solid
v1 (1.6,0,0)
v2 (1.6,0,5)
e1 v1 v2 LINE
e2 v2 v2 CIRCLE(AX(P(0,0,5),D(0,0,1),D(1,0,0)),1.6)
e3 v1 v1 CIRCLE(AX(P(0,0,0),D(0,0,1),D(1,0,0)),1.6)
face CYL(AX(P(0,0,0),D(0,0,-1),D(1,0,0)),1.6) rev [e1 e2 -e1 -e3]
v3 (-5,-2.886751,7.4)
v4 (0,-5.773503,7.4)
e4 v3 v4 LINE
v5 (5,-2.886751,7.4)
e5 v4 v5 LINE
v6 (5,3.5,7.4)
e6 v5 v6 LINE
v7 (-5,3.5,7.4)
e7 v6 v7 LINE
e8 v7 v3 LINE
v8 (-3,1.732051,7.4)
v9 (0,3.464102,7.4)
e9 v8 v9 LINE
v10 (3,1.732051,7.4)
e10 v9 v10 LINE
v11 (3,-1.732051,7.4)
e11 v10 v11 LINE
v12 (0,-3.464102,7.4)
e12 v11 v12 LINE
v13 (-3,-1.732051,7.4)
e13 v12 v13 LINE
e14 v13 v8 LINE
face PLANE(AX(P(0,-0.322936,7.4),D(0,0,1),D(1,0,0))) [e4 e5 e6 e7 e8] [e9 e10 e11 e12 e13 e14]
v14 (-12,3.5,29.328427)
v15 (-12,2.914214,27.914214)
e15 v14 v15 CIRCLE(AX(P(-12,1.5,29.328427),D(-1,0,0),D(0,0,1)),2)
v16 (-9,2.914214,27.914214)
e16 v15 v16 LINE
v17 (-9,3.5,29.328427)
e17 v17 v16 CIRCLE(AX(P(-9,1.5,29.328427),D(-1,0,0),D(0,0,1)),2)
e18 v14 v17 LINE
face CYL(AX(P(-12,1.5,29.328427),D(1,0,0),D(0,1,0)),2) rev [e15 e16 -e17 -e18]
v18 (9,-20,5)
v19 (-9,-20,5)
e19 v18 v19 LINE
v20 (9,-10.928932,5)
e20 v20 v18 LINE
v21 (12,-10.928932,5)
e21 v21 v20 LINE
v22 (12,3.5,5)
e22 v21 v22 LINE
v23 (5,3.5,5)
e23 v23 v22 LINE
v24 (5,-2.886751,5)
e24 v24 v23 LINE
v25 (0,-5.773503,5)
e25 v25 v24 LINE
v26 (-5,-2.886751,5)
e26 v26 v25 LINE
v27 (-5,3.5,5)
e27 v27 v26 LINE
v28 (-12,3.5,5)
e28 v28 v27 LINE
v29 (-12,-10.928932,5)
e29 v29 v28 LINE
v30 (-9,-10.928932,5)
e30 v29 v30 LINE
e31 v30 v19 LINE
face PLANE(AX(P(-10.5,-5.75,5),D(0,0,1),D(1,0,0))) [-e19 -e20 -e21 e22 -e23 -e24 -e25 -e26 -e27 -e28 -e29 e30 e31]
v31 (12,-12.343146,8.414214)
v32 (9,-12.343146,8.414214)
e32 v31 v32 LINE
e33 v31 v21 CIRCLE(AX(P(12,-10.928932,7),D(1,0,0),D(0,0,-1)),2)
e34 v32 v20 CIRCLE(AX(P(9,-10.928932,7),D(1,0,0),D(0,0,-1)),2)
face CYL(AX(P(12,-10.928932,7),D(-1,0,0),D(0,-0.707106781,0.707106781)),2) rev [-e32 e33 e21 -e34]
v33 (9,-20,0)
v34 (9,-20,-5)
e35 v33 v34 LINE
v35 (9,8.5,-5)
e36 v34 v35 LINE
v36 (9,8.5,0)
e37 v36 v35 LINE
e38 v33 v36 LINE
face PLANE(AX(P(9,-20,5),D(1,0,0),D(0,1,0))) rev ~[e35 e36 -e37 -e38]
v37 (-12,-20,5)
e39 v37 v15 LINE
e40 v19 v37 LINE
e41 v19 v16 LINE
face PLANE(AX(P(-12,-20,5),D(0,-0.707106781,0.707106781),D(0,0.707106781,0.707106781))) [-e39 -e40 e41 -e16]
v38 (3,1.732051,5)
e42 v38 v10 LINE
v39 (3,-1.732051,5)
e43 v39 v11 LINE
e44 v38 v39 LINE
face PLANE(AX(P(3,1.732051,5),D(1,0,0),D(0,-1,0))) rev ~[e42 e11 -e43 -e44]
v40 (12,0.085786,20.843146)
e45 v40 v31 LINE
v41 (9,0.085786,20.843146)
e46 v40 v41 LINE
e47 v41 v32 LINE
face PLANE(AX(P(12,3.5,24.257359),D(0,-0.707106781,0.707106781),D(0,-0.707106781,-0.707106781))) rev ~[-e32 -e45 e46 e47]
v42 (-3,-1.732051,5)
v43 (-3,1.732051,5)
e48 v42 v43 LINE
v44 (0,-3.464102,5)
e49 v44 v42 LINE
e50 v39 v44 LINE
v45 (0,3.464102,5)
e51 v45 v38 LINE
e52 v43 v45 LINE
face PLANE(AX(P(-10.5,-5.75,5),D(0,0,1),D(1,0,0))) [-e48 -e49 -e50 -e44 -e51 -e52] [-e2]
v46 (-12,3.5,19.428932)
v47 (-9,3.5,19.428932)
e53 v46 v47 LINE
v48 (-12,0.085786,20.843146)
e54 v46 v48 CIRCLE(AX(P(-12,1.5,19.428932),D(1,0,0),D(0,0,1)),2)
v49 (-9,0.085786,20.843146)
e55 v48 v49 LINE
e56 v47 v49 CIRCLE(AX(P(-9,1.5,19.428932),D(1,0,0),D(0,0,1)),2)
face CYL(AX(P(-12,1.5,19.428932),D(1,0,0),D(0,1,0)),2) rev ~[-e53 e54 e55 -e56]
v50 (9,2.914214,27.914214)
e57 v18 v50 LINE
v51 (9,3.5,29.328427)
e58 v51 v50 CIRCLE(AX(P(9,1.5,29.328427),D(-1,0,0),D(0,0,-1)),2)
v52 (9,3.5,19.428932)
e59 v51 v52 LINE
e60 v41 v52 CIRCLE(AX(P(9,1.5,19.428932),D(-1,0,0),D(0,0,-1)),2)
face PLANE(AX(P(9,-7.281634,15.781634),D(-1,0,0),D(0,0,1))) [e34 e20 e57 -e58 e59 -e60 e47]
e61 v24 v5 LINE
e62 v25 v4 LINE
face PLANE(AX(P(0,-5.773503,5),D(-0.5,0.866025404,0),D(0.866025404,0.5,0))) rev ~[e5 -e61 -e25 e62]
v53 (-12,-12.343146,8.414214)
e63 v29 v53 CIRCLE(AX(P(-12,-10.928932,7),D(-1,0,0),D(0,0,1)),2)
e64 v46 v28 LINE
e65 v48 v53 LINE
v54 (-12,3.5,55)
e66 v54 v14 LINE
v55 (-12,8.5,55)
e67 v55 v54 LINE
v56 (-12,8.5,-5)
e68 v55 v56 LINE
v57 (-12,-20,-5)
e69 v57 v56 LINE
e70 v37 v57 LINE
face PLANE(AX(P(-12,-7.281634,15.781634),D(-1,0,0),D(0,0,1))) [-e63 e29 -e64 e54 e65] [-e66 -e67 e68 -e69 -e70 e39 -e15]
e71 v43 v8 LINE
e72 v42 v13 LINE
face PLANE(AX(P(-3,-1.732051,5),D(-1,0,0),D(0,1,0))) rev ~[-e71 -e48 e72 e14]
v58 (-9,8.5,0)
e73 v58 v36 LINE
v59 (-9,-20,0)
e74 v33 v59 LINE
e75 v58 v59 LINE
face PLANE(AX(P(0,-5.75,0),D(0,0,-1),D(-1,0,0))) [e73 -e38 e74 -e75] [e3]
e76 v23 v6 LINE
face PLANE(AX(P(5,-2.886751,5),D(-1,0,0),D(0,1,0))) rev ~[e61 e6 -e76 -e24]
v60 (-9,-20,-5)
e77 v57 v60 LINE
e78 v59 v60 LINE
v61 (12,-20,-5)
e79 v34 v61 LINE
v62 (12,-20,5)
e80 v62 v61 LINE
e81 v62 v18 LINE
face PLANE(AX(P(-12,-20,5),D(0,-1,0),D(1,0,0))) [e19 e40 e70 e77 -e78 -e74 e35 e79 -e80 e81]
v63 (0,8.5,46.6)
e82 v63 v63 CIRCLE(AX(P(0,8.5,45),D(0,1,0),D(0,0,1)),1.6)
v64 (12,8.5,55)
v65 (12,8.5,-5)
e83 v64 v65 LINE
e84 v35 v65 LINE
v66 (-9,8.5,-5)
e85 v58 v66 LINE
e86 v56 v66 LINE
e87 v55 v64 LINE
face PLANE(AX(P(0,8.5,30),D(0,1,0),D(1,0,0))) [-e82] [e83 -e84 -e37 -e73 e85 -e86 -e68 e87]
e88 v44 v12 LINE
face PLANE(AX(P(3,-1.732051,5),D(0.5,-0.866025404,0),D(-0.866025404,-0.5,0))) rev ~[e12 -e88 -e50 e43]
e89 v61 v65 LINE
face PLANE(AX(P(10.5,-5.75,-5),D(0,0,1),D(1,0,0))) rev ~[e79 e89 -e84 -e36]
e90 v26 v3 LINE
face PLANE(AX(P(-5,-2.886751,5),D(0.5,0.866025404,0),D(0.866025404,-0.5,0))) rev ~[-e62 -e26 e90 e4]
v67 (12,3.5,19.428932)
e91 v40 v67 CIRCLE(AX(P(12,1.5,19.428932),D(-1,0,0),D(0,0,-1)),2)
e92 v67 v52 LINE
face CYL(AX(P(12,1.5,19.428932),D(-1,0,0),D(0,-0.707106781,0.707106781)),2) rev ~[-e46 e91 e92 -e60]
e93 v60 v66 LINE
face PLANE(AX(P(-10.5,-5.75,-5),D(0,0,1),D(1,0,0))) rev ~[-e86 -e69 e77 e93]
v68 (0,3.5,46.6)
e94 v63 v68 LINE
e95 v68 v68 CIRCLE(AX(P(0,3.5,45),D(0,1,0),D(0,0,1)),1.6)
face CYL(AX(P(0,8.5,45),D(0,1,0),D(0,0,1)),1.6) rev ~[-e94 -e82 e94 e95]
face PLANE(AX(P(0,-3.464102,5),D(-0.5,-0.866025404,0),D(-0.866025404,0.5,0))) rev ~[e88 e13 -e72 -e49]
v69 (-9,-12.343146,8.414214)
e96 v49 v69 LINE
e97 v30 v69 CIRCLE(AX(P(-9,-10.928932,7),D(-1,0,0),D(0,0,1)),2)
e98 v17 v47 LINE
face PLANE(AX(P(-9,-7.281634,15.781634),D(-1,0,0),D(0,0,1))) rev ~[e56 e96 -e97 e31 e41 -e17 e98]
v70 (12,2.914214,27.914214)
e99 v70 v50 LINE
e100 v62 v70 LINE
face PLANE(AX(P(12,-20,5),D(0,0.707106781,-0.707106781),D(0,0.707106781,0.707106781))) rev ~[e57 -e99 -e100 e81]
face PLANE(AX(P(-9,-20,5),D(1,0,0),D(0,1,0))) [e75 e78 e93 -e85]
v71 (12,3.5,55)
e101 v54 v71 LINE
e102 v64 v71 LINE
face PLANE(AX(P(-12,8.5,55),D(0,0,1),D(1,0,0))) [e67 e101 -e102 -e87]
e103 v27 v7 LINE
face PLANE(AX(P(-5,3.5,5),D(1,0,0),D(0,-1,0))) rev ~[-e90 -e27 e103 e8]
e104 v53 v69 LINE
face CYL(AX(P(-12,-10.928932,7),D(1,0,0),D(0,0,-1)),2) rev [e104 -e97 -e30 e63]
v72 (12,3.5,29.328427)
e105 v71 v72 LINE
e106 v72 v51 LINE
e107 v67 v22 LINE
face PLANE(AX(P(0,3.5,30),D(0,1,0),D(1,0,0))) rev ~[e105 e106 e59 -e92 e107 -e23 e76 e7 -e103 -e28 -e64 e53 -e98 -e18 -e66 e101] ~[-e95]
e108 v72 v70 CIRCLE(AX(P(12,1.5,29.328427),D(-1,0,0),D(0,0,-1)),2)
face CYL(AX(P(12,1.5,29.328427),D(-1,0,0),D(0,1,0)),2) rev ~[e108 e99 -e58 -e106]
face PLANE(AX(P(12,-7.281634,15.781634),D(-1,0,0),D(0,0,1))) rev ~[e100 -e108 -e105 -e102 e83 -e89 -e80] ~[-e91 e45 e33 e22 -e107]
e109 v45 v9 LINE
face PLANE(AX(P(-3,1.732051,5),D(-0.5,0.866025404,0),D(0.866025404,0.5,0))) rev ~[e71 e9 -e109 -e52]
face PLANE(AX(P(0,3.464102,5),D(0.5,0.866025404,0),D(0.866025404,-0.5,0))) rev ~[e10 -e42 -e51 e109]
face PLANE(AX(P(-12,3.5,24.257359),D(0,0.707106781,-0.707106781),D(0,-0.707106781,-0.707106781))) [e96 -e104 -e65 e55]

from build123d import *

# Parameters (mm, degrees)
SKETCH1_R           = 1.6
BOSS_EXTRUDE1_DEPTH = 5
SKETCH2_W           = 3
SKETCH2_H           = 28.5
BOSS_EXTRUDE2_DEPTH = 10
SKETCH3_W           = 24
SKETCH3_H           = 50
SKETCH3_R           = 1.6
BOSS_EXTRUDE3_DEPTH = 5
BOSS_EXTRUDE4_DEPTH = 3
BOSS_EXTRUDE5_START = -24
BOSS_EXTRUDE5_DEPTH = 3
BOSS_EXTRUDE6_DEPTH = 2.4
FILLET1_R           = 2


with BuildPart() as part:
    # Sketch1 → Boss-Extrude1 (new body)
    with BuildSketch(Plane.XY):
        Polygon((-9, -8.5), (-9, 8.5), (9, 8.5), (9, -8.5), (9, -20), (-9, -20), align=None)
        Circle(SKETCH1_R, mode=Mode.SUBTRACT)
    extrude(amount=BOSS_EXTRUDE1_DEPTH)

    # Sketch2 → Boss-Extrude2 (add)
    with BuildSketch(Plane.XY.offset(5)):
        with Locations((-10.5, -5.75)):
            Rectangle(SKETCH2_W, SKETCH2_H)
        with Locations((10.5, -5.75)):
            Rectangle(SKETCH2_W, SKETCH2_H)
    extrude(amount=-BOSS_EXTRUDE2_DEPTH)

    # Sketch3 → Boss-Extrude3 (add)
    with BuildSketch(Plane(origin=(0, 8.5, 0), x_dir=(1, 0, 0), z_dir=(0, 1, 0))):
        with Locations((0, -30)):
            Rectangle(SKETCH3_W, SKETCH3_H)
        with Locations(Location((0, -45, 0), (0, 0, 270))):
            Circle(SKETCH3_R, mode=Mode.SUBTRACT)
    extrude(amount=-BOSS_EXTRUDE3_DEPTH)

    # Sketch4 → Boss-Extrude4 (add)
    with BuildSketch(Plane.ZY.offset(12)):
        Polygon((28.5, 3.5), (24.257359313, 3.5), (5, -15.757359313), (5, -20), align=None)
    extrude(amount=-BOSS_EXTRUDE4_DEPTH)

    # Sketch4<3> → Boss-Extrude5 (add)
    with BuildSketch(Plane.ZY.offset(12).offset(BOSS_EXTRUDE5_START)):
        Polygon((28.5, 3.5), (24.257359313, 3.5), (5, -15.757359313), (5, -20), align=None)
    extrude(amount=BOSS_EXTRUDE5_DEPTH)

    # Sketch5 → Boss-Extrude6 (add)
    with BuildSketch(Plane.XY.offset(5)):
        Polygon((-5, 3.5), (-5, 2.886751346), (-5, -2.886751346), (0, -5.773502692), (5, -2.886751346), (5, 2.886751346), (5, 3.5), align=None)
        Polygon((3, -1.732050808), (0, -3.464101615), (-3, -1.732050808), (-3, 1.732050808), (0, 3.464101615), (3, 1.732050808), align=None, mode=Mode.SUBTRACT)
    extrude(amount=BOSS_EXTRUDE6_DEPTH)

    # Fillet1
    fillet1_edges = [part.edges().sort_by_distance(p)[0] for p in [
        (-10.5, 3.5, 24.257359313),
        (-10.5, 3.5, 28.5),
        (-10.5, -15.757359313, 5),
        (10.5, -15.757359313, 5),
        (10.5, 3.5, 28.5),
        (10.5, 3.5, 24.257359313),
    ]]
    fillet(fillet1_edges, radius=FILLET1_R)


solid = part.part
